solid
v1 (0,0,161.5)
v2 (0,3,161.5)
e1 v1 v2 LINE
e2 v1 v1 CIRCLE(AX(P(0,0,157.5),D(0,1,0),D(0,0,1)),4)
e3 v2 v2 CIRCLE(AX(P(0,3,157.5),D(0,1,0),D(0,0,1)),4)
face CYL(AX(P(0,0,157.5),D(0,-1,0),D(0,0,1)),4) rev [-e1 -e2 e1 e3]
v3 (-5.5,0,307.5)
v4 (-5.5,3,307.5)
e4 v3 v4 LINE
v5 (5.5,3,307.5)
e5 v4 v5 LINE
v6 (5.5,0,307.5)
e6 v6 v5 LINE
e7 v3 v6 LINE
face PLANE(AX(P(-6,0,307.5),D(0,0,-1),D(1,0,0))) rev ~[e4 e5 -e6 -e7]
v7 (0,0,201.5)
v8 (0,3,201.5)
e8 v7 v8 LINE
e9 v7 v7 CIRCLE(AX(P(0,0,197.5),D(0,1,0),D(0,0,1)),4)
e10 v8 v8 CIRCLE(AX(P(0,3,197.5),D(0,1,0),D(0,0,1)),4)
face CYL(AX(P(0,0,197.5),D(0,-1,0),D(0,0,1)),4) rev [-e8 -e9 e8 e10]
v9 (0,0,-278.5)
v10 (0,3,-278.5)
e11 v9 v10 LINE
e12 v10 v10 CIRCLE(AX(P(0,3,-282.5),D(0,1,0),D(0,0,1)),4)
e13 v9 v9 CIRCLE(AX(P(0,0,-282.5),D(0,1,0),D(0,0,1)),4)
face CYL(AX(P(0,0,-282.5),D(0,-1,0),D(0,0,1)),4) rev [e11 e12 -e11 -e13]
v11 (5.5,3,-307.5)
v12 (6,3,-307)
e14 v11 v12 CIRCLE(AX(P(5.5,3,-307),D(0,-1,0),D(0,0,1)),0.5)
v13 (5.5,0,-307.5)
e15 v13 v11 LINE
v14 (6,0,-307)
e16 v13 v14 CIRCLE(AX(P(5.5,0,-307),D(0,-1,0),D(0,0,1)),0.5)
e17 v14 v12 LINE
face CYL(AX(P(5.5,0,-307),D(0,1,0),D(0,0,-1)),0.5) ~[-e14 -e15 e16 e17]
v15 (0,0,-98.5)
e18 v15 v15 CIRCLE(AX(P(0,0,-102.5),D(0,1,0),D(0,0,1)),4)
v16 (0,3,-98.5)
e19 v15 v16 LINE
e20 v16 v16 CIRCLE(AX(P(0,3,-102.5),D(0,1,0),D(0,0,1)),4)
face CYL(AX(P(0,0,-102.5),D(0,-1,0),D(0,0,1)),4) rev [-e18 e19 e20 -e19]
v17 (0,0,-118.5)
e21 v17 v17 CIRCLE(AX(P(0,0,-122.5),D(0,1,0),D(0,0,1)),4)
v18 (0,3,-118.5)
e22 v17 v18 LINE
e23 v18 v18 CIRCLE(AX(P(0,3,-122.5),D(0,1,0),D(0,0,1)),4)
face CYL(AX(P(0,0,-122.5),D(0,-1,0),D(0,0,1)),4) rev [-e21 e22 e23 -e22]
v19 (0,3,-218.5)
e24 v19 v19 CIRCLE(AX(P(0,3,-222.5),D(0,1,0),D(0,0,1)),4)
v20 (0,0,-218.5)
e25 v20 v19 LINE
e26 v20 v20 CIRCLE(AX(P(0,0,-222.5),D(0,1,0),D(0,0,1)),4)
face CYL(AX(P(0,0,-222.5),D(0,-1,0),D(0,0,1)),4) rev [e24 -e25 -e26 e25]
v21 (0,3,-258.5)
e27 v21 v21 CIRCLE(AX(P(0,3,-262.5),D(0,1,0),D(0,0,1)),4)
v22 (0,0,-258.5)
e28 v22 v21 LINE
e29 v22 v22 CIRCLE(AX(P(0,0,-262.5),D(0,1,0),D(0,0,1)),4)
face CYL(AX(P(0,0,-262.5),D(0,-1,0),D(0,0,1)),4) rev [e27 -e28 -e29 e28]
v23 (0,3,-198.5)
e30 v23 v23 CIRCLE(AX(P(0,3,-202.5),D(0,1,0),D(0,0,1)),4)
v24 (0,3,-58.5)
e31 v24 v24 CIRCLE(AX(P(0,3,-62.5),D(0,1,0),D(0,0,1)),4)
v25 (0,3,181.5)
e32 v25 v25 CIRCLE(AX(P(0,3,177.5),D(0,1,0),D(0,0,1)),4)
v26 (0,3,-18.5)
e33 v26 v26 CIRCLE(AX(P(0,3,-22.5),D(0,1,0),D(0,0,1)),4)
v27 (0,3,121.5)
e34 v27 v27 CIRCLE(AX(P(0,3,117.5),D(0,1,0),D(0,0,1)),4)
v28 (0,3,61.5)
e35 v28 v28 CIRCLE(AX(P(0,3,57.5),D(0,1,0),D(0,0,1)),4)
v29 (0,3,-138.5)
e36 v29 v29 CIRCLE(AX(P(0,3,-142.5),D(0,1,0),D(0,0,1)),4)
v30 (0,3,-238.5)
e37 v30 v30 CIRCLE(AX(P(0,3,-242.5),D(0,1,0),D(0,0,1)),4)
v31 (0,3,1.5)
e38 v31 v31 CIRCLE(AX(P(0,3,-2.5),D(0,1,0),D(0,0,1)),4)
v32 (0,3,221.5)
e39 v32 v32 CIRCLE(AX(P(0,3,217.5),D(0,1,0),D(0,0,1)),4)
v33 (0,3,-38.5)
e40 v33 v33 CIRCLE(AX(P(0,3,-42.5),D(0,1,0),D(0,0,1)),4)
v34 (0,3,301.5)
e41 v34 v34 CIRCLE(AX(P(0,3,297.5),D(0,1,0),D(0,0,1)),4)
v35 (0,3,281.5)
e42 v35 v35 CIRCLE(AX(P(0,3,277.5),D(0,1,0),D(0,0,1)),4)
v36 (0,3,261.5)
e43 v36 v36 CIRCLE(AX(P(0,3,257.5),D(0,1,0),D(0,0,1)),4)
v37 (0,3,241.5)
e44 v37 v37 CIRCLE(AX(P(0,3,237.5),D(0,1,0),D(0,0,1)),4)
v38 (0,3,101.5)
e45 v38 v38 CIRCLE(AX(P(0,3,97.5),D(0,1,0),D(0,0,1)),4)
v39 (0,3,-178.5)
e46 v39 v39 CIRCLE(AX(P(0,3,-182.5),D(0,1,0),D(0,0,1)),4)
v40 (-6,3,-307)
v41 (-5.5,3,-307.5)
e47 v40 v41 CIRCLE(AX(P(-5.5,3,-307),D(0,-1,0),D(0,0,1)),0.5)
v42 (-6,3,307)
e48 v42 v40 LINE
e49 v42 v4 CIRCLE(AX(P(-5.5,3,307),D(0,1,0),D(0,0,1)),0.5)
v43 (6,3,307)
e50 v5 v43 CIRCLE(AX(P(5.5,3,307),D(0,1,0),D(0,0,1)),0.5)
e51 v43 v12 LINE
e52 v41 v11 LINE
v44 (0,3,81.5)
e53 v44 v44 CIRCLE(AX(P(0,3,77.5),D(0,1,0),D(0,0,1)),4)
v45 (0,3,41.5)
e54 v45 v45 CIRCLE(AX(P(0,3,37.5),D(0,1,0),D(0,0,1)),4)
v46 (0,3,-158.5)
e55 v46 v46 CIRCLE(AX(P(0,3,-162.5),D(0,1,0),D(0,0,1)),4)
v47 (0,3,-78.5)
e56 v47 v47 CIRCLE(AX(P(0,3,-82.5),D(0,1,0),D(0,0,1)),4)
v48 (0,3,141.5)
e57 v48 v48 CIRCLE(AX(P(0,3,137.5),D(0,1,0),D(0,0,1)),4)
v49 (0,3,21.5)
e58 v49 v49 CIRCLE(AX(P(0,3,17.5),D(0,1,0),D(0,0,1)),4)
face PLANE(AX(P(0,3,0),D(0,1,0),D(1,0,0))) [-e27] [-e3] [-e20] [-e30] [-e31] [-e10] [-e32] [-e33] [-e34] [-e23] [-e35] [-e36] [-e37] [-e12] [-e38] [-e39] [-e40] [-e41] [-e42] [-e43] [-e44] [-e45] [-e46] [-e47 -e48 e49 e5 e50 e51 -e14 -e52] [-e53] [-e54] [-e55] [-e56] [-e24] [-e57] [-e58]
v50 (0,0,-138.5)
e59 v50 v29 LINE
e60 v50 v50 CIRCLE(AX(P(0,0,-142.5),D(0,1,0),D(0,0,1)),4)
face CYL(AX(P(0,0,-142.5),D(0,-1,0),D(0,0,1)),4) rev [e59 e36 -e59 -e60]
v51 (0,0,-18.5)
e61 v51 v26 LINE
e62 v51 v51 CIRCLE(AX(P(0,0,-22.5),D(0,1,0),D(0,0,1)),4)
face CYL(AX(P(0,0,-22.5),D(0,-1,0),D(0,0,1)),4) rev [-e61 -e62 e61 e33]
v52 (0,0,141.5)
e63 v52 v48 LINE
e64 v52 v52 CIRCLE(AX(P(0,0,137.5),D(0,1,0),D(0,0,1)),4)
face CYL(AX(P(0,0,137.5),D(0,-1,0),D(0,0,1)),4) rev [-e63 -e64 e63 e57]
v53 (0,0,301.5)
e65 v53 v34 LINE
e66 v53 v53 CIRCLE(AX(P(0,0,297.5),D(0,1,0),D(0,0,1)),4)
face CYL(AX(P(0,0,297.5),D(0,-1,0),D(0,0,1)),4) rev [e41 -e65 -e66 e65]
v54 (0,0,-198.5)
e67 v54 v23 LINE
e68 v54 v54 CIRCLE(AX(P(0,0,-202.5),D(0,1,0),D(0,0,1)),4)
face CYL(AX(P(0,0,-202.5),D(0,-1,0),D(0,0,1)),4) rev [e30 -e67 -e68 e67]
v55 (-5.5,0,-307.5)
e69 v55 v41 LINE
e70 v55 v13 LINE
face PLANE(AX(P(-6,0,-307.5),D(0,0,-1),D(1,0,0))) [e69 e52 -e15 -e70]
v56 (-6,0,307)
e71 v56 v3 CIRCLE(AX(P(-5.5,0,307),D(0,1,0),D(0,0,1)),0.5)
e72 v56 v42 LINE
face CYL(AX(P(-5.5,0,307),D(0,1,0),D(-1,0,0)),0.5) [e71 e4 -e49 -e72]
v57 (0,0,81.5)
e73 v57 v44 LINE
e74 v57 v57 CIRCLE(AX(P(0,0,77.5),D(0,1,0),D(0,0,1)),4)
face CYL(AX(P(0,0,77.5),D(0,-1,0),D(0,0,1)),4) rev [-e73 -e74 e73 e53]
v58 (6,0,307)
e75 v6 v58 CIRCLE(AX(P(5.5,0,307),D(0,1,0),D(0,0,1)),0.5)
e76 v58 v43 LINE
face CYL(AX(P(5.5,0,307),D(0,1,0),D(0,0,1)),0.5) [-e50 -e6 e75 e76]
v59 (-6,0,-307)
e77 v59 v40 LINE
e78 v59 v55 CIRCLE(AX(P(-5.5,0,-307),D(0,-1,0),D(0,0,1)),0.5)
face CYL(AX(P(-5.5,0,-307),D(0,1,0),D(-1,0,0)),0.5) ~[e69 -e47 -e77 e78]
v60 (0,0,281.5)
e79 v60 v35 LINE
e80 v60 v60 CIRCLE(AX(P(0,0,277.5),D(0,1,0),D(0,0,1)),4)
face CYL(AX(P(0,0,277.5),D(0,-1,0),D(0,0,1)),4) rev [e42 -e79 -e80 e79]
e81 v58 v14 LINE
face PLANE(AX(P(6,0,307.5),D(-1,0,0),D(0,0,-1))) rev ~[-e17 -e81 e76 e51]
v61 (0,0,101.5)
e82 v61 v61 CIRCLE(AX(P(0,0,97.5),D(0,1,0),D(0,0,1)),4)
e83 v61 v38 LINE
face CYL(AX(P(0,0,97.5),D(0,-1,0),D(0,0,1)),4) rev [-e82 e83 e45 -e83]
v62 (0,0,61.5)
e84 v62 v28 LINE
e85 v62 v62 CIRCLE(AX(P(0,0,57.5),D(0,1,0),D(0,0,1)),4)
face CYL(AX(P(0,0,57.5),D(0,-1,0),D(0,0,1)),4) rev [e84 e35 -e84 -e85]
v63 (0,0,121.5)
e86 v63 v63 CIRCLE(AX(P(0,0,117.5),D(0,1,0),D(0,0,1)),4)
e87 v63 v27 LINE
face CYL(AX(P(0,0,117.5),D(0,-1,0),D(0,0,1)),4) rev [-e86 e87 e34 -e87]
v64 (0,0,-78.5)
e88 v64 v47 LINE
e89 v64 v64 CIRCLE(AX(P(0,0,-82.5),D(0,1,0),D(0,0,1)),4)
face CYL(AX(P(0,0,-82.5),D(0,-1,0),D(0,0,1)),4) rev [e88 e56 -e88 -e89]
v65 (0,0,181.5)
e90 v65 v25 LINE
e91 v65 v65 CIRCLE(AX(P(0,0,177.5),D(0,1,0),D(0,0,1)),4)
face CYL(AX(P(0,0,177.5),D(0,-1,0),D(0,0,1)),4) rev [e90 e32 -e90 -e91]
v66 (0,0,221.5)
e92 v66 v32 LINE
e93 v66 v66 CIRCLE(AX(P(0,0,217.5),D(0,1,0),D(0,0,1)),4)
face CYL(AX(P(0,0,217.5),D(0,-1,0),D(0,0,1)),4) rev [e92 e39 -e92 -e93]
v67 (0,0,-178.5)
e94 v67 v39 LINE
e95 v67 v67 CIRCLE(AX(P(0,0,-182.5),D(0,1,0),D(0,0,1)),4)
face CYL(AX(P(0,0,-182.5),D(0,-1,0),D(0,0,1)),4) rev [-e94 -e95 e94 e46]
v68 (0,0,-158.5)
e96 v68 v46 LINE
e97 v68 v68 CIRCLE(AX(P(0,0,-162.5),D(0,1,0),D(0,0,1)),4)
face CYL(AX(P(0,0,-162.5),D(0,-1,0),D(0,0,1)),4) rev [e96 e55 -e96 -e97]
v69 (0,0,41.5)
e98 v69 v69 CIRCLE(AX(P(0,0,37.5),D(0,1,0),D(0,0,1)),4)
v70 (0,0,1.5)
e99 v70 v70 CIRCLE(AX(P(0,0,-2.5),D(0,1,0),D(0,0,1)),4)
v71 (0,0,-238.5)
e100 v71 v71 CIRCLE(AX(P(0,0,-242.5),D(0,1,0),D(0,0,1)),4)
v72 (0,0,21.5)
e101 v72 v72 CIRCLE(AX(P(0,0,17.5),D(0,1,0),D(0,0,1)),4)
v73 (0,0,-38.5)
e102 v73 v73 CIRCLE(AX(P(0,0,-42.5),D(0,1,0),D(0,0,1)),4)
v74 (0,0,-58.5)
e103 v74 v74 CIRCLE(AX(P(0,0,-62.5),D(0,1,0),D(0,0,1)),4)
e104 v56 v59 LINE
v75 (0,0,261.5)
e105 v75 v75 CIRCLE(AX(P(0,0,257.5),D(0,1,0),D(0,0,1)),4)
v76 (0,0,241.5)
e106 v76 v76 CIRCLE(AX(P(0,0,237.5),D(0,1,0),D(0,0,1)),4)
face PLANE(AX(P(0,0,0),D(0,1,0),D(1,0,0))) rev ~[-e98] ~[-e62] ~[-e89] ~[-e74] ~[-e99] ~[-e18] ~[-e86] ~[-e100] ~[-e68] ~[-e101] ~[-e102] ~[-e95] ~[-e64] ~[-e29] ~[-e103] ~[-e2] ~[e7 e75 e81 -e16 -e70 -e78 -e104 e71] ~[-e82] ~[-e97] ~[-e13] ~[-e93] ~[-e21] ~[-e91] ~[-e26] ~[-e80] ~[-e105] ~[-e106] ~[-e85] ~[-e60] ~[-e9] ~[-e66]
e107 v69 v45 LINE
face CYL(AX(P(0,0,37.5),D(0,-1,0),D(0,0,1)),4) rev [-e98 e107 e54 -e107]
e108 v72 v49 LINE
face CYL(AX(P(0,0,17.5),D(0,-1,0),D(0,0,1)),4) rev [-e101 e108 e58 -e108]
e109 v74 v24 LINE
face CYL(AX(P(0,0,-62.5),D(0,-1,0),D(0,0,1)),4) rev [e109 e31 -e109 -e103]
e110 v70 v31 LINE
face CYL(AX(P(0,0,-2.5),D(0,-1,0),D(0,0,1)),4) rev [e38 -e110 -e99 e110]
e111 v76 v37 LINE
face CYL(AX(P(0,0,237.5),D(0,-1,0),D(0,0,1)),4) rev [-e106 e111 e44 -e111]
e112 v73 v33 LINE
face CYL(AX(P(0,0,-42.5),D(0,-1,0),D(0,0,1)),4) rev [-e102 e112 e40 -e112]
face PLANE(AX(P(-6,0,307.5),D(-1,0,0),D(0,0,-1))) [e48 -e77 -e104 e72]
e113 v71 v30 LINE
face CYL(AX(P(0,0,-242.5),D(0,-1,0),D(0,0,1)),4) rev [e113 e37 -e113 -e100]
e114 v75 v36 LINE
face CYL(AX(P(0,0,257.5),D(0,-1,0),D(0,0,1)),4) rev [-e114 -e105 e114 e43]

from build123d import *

# Parameters (mm, degrees)
SKETCH_1_W      = 12
SKETCH_1_H      = 615
SKETCH_1_R      = 4
EXTRUDE_1_DEPTH = 3
FILLET_1_R      = 0.5


with BuildPart() as part:
    # 草图1 → 凸台-拉伸1 (new body)
    with BuildSketch(Plane(origin=(0, 0, 0), x_dir=(1, 0, 0), z_dir=(0, 1, 0))):
        Rectangle(SKETCH_1_W, SKETCH_1_H)
        with Locations(Location((0, -297.5, 0), (0, 0, 270))):
            Circle(SKETCH_1_R, mode=Mode.SUBTRACT)
        with Locations(Location((0, -277.5, 0), (0, 0, 270))):
            Circle(SKETCH_1_R, mode=Mode.SUBTRACT)
        with Locations(Location((0, -257.5, 0), (0, 0, 270))):
            Circle(SKETCH_1_R, mode=Mode.SUBTRACT)
        with Locations(Location((0, -237.5, 0), (0, 0, 270))):
            Circle(SKETCH_1_R, mode=Mode.SUBTRACT)
        with Locations(Location((0, -217.5, 0), (0, 0, 270))):
            Circle(SKETCH_1_R, mode=Mode.SUBTRACT)
        with Locations(Location((0, -197.5, 0), (0, 0, 270))):
            Circle(SKETCH_1_R, mode=Mode.SUBTRACT)
        with Locations(Location((0, -177.5, 0), (0, 0, 270))):
            Circle(SKETCH_1_R, mode=Mode.SUBTRACT)
        with Locations(Location((0, -157.5, 0), (0, 0, 270))):
            Circle(SKETCH_1_R, mode=Mode.SUBTRACT)
        with Locations(Location((0, -137.5, 0), (0, 0, 270))):
            Circle(SKETCH_1_R, mode=Mode.SUBTRACT)
        with Locations(Location((0, -117.5, 0), (0, 0, 270))):
            Circle(SKETCH_1_R, mode=Mode.SUBTRACT)
        with Locations(Location((0, -97.5, 0), (0, 0, 270))):
            Circle(SKETCH_1_R, mode=Mode.SUBTRACT)
        with Locations(Location((0, -77.5, 0), (0, 0, 270))):
            Circle(SKETCH_1_R, mode=Mode.SUBTRACT)
        with Locations(Location((0, -57.5, 0), (0, 0, 270))):
            Circle(SKETCH_1_R, mode=Mode.SUBTRACT)
        with Locations(Location((0, -37.5, 0), (0, 0, 270))):
            Circle(SKETCH_1_R, mode=Mode.SUBTRACT)
        with Locations(Location((0, -17.5, 0), (0, 0, 270))):
            Circle(SKETCH_1_R, mode=Mode.SUBTRACT)
        with Locations(Location((0, 2.5, 0), (0, 0, 270))):
            Circle(SKETCH_1_R, mode=Mode.SUBTRACT)
        with Locations(Location((0, 22.5, 0), (0, 0, 270))):
            Circle(SKETCH_1_R, mode=Mode.SUBTRACT)
        with Locations(Location((0, 42.5, 0), (0, 0, 270))):
            Circle(SKETCH_1_R, mode=Mode.SUBTRACT)
        with Locations(Location((0, 62.5, 0), (0, 0, 270))):
            Circle(SKETCH_1_R, mode=Mode.SUBTRACT)
        with Locations(Location((0, 82.5, 0), (0, 0, 270))):
            Circle(SKETCH_1_R, mode=Mode.SUBTRACT)
        with Locations(Location((0, 102.5, 0), (0, 0, 270))):
            Circle(SKETCH_1_R, mode=Mode.SUBTRACT)
        with Locations(Location((0, 122.5, 0), (0, 0, 270))):
            Circle(SKETCH_1_R, mode=Mode.SUBTRACT)
        with Locations(Location((0, 142.5, 0), (0, 0, 270))):
            Circle(SKETCH_1_R, mode=Mode.SUBTRACT)
        with Locations(Location((0, 162.5, 0), (0, 0, 270))):
            Circle(SKETCH_1_R, mode=Mode.SUBTRACT)
        with Locations(Location((0, 182.5, 0), (0, 0, 270))):
            Circle(SKETCH_1_R, mode=Mode.SUBTRACT)
        with Locations(Location((0, 202.5, 0), (0, 0, 270))):
            Circle(SKETCH_1_R, mode=Mode.SUBTRACT)
        with Locations(Location((0, 222.5, 0), (0, 0, 270))):
            Circle(SKETCH_1_R, mode=Mode.SUBTRACT)
        with Locations(Location((0, 242.5, 0), (0, 0, 270))):
            Circle(SKETCH_1_R, mode=Mode.SUBTRACT)
        with Locations(Location((0, 262.5, 0), (0, 0, 270))):
            Circle(SKETCH_1_R, mode=Mode.SUBTRACT)
        with Locations(Location((0, 282.5, 0), (0, 0, 270))):
            Circle(SKETCH_1_R, mode=Mode.SUBTRACT)
    extrude(amount=EXTRUDE_1_DEPTH)

    # 圆角1
    fillet_1_edges = [part.edges().sort_by_distance(p)[0] for p in [
        (6, 1.5, 307.5),
        (-6, 1.5, 307.5),
        (-6, 1.5, -307.5),
        (6, 1.5, -307.5),
    ]]
    fillet(fillet_1_edges, radius=FILLET_1_R)


solid = part.part
